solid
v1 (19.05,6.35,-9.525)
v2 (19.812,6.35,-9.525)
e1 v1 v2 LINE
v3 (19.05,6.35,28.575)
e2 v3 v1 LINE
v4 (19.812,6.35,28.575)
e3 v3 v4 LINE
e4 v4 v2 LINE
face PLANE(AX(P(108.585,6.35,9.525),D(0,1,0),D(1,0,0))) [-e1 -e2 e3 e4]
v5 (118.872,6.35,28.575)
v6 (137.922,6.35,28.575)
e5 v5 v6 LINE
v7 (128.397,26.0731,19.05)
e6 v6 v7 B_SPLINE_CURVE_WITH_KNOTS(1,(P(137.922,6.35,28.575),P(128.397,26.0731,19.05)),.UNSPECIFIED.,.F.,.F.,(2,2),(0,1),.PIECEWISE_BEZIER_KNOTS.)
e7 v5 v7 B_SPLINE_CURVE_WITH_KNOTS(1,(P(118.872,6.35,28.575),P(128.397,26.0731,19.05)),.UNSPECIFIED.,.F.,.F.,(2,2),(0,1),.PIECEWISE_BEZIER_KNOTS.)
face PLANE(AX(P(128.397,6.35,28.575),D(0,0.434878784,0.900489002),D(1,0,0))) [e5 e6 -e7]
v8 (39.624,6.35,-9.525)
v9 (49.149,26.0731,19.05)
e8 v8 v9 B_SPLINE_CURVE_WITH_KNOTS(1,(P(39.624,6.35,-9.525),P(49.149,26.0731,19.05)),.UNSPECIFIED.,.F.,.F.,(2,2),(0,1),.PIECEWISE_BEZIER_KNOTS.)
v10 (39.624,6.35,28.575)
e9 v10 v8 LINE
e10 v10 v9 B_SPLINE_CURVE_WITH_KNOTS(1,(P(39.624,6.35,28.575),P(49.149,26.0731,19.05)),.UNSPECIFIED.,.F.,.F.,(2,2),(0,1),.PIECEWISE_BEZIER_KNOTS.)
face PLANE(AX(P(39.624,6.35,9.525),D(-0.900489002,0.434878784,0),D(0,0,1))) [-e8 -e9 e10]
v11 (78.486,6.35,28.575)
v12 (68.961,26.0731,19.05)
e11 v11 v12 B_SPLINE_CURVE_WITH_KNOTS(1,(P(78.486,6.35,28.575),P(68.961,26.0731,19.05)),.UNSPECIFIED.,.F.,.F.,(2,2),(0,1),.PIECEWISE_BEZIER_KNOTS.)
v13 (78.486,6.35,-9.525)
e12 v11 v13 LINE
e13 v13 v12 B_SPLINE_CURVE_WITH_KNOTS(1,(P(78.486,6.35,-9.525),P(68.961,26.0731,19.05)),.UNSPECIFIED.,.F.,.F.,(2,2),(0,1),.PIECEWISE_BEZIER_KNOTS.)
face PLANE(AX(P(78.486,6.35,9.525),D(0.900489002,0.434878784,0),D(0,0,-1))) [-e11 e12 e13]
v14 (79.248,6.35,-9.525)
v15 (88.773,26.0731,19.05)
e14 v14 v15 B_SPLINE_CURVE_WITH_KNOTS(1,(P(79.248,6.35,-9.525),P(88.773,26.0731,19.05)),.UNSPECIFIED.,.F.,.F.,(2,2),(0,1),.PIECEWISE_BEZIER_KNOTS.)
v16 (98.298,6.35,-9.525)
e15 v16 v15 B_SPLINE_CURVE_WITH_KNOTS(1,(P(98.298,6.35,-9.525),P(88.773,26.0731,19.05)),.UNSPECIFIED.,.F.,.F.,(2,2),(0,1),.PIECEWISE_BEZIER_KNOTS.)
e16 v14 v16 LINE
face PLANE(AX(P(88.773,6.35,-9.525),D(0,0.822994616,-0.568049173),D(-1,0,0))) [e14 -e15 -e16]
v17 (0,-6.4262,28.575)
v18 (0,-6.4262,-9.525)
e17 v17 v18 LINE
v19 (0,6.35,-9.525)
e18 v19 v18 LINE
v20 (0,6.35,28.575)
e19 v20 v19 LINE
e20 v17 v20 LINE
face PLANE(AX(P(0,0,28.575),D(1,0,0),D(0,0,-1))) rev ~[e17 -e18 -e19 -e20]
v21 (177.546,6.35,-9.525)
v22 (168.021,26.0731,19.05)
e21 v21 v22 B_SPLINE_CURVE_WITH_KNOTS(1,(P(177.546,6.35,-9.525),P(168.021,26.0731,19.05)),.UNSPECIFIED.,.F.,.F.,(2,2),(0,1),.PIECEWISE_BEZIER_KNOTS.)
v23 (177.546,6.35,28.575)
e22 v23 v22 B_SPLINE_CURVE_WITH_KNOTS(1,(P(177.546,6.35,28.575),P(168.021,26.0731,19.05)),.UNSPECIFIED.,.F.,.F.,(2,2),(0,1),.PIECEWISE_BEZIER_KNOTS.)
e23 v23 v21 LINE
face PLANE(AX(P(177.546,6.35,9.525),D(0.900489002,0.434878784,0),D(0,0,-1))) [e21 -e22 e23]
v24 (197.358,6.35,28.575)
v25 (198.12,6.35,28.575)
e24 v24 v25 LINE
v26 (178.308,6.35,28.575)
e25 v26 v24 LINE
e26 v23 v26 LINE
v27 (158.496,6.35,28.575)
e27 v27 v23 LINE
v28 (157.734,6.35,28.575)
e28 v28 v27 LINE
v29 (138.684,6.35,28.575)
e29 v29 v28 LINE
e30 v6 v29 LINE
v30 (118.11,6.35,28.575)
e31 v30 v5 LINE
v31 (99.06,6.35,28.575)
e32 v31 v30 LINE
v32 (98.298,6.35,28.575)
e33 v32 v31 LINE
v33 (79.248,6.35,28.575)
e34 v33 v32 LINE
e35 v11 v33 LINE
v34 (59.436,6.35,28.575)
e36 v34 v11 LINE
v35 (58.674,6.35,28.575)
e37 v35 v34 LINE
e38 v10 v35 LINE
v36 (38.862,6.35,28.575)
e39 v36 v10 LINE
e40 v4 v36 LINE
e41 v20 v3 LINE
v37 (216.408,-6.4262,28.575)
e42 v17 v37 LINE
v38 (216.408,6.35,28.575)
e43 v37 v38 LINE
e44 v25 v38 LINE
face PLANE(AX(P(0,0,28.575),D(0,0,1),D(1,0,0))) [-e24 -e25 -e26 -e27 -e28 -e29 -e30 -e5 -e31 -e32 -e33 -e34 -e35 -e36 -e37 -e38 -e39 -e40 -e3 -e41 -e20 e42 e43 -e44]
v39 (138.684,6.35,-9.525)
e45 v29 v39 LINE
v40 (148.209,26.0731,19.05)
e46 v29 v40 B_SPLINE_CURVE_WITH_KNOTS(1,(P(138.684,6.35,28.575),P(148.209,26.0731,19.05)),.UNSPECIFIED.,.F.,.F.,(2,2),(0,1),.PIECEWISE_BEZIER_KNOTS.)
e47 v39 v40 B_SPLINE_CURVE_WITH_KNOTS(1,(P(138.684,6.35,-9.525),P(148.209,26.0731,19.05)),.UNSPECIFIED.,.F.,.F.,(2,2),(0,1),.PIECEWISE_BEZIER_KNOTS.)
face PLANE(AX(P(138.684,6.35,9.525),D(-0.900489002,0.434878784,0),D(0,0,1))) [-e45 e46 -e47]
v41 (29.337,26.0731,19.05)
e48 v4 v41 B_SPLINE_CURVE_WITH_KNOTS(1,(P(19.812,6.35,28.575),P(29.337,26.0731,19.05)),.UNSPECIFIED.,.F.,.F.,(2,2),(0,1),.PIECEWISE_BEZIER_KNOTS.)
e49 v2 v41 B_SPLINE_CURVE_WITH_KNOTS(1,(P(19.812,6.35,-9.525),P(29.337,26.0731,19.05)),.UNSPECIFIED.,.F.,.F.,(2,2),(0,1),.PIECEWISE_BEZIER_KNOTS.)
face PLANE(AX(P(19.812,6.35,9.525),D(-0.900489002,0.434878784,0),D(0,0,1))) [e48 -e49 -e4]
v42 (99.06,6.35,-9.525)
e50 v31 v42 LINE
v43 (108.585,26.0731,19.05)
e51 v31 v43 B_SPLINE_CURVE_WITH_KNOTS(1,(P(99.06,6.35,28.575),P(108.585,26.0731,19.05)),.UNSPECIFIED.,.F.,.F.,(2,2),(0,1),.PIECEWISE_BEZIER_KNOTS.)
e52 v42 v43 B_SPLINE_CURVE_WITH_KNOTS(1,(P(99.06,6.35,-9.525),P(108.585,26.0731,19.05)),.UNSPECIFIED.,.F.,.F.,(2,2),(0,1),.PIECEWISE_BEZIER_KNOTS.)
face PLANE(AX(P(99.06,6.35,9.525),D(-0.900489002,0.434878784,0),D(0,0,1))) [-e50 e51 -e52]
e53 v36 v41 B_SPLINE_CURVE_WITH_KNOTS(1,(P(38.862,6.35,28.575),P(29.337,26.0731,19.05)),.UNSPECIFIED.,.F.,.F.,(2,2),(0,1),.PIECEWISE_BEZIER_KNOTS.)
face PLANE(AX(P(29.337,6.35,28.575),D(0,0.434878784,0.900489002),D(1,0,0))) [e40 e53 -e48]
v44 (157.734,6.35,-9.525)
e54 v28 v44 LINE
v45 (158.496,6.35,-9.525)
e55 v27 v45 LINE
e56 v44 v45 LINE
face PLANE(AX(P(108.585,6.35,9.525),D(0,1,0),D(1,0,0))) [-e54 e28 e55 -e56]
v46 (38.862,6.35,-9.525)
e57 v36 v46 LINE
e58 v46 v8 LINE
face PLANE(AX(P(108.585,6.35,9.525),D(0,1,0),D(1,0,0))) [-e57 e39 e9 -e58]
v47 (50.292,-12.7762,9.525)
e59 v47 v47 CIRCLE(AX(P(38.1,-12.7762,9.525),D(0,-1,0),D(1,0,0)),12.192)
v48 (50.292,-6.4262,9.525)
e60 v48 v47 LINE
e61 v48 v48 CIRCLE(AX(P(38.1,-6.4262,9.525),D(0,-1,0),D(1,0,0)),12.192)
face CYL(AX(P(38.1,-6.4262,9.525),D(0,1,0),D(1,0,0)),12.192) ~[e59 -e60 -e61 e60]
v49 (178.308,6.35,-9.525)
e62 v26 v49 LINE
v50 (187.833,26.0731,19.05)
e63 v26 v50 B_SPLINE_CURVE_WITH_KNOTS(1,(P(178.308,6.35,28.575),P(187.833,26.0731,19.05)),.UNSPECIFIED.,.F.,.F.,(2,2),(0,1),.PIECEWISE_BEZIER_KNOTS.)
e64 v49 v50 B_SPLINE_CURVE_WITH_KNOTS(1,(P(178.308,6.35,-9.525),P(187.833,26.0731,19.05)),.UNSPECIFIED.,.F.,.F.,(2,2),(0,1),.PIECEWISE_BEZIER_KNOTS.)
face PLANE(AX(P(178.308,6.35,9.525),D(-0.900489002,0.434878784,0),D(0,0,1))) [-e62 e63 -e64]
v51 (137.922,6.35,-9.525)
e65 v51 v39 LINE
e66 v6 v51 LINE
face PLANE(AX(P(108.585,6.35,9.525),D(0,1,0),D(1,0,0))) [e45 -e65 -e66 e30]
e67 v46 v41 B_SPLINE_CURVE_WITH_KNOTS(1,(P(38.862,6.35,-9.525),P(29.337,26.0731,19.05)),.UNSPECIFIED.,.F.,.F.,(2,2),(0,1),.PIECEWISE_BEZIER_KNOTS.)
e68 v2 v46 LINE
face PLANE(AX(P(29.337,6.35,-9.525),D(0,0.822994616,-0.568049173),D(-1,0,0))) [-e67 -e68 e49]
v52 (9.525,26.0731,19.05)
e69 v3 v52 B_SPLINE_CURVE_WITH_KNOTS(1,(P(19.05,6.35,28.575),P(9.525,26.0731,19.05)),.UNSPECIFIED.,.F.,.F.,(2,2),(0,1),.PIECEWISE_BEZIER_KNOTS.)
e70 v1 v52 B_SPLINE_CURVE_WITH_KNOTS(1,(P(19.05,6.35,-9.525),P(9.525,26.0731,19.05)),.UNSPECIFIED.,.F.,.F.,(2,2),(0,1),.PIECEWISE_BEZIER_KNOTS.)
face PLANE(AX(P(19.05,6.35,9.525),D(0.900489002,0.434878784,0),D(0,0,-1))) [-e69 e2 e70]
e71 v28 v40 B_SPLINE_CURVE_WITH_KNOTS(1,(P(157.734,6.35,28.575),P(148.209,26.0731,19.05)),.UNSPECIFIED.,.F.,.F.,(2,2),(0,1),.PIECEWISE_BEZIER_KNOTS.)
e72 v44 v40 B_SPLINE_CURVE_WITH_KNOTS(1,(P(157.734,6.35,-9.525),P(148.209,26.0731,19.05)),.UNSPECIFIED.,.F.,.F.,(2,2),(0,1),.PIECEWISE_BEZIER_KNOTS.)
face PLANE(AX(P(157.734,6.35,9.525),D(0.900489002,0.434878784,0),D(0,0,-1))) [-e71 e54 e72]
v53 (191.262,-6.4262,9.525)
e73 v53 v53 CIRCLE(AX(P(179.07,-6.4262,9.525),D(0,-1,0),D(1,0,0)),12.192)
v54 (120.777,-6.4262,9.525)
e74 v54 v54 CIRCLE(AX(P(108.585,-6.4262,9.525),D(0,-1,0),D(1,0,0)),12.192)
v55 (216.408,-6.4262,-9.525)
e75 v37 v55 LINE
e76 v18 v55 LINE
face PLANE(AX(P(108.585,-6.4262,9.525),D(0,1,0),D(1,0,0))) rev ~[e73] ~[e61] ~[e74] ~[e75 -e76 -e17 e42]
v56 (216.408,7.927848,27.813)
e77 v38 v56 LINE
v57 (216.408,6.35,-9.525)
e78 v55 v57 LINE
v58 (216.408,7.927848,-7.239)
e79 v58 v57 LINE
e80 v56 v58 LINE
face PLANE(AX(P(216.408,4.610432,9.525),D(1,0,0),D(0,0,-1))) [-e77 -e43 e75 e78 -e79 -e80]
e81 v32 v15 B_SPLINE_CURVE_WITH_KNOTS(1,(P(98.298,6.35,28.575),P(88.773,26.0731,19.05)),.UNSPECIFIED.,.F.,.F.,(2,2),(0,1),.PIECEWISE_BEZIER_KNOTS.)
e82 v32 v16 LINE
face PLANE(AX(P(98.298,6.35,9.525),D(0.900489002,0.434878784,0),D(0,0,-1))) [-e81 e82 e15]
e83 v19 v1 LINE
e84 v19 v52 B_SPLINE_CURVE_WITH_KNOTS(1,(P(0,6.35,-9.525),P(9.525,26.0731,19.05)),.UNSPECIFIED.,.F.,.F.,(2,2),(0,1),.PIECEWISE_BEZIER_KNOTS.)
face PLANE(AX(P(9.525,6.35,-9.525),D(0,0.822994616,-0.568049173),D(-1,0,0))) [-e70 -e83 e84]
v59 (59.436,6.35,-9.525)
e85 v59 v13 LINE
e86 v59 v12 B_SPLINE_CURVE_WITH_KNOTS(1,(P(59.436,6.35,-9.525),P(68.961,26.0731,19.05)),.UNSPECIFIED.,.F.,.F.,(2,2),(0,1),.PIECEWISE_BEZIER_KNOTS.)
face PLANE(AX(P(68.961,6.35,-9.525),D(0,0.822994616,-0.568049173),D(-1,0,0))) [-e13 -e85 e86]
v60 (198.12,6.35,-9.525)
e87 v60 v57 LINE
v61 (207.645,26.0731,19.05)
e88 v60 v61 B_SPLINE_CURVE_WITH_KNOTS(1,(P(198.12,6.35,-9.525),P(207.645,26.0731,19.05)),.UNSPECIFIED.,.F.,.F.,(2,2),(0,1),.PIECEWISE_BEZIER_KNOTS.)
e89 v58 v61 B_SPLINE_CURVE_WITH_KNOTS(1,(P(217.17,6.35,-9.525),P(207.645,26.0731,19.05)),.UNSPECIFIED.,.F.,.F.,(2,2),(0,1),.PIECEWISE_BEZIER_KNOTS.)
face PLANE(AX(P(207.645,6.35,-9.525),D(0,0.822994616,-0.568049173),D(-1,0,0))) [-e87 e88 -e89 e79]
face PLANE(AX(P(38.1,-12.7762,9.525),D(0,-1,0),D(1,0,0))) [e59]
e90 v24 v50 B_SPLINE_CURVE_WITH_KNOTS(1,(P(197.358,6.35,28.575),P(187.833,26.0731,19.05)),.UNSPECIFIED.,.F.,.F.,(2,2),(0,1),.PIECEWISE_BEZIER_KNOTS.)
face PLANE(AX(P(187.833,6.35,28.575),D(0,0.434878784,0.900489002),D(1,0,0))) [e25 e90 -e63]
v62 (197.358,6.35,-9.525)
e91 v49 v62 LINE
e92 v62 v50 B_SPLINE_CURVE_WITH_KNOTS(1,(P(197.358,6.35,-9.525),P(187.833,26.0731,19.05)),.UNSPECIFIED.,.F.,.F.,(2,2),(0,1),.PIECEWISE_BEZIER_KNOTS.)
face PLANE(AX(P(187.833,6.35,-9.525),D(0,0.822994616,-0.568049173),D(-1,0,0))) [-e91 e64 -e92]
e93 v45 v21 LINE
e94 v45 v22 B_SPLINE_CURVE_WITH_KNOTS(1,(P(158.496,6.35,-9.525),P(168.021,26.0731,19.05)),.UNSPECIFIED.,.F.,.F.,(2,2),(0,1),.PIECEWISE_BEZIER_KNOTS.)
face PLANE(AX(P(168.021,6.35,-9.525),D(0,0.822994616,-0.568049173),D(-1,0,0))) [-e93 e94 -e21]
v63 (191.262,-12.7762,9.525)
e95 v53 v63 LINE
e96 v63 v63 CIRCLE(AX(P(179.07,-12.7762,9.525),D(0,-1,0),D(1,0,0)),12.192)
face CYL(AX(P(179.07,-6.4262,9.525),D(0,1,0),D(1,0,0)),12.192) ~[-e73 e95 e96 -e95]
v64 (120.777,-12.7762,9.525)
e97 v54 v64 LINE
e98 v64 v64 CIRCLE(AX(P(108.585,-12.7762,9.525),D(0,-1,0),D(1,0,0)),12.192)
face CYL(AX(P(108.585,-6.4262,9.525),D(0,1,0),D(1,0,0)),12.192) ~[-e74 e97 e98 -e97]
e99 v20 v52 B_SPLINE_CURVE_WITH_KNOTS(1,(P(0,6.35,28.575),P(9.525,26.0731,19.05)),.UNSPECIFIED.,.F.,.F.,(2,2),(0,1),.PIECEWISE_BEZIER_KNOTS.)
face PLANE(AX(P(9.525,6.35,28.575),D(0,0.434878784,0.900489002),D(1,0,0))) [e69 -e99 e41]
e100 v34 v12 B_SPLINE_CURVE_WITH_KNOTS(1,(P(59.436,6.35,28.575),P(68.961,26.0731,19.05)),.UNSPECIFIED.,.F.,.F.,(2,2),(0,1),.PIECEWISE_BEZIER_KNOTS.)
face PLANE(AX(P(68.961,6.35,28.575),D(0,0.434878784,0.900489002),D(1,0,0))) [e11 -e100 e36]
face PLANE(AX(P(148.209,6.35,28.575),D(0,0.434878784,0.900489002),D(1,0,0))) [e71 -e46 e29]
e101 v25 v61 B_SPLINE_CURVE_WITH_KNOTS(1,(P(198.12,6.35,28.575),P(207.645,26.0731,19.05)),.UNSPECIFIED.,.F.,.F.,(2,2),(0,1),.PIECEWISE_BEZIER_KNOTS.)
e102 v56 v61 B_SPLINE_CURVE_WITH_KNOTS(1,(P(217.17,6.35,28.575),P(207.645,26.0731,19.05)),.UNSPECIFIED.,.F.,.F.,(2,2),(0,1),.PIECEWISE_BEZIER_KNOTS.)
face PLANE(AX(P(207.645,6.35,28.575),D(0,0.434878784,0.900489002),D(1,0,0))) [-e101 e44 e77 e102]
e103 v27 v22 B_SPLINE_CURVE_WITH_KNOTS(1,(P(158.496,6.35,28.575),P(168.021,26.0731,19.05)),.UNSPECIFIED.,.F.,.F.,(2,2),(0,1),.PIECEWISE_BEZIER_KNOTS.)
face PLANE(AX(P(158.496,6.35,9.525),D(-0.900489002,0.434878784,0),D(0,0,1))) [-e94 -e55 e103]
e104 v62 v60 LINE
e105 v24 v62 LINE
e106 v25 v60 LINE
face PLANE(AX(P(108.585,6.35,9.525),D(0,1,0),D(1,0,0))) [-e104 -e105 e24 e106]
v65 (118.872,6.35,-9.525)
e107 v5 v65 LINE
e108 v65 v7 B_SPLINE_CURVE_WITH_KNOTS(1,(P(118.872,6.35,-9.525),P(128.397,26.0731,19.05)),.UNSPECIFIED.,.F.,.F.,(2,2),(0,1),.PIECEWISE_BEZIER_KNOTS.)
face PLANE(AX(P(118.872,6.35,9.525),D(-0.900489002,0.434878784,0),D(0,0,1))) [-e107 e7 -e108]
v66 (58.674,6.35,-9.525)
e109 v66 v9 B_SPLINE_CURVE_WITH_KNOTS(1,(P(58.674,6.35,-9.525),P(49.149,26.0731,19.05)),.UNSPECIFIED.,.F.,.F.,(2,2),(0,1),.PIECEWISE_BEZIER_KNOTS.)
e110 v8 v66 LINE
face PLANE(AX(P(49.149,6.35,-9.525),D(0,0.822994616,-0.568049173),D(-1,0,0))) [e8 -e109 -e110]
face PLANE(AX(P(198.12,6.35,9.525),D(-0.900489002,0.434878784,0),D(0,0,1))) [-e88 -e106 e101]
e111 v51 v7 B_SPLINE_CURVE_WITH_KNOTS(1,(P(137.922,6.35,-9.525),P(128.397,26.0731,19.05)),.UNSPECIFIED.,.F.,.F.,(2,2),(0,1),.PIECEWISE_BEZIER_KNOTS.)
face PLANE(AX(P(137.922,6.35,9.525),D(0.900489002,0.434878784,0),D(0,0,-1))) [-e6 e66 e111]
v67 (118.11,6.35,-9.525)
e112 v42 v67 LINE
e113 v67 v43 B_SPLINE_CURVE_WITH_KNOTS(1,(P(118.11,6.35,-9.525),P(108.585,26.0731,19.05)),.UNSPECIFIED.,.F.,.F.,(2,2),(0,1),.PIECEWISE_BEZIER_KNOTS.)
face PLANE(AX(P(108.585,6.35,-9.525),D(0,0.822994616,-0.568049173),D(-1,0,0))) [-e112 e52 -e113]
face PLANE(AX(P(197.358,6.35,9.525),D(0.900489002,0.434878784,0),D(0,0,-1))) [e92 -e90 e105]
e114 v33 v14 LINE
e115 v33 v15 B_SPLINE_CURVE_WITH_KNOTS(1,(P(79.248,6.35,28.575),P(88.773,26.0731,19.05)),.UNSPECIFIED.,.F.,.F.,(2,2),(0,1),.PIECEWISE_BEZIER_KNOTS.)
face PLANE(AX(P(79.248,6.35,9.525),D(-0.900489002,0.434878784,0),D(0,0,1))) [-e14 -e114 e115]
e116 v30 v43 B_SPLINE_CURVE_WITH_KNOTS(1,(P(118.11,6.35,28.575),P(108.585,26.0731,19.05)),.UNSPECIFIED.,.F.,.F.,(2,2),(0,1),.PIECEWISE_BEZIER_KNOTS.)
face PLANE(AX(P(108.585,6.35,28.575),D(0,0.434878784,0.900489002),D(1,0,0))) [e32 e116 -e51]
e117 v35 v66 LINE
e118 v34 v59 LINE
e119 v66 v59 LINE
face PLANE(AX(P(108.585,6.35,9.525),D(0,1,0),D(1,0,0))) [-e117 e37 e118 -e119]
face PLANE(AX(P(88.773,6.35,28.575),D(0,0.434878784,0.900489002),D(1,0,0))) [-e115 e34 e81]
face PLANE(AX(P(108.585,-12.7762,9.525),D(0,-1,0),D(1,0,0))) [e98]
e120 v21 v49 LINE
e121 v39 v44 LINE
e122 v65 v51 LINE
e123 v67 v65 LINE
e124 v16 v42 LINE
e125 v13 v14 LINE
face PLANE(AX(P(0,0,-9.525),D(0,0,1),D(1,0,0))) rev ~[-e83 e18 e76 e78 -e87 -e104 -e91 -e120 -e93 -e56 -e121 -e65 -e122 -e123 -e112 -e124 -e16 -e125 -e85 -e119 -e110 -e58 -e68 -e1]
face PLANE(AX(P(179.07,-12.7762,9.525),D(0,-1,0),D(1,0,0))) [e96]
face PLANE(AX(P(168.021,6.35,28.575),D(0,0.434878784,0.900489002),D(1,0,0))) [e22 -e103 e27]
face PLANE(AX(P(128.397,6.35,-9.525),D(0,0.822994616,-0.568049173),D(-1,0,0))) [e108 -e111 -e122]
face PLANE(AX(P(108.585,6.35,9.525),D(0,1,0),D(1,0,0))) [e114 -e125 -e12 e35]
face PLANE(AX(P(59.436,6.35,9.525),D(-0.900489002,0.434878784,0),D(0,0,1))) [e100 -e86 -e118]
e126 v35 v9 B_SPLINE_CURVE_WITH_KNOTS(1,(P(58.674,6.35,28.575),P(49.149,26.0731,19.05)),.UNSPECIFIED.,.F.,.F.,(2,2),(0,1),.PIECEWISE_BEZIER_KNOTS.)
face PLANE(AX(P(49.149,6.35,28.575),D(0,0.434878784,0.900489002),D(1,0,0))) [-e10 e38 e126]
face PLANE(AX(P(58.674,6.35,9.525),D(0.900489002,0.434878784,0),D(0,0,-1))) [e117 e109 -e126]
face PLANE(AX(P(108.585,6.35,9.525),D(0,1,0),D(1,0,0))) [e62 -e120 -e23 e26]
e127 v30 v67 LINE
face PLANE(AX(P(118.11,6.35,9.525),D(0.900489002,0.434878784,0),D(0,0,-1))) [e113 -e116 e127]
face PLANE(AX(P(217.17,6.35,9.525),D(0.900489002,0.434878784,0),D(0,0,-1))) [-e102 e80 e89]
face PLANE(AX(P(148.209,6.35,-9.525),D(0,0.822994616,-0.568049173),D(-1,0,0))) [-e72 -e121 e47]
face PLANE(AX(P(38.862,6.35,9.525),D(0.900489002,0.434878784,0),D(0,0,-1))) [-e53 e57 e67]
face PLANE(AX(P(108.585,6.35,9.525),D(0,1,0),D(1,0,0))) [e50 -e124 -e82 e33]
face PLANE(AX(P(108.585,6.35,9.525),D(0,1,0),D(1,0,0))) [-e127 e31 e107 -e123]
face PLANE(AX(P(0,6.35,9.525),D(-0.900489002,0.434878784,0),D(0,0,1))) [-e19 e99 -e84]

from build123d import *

# Parameters (mm, degrees)
SKETCH1_W           = 19.05
SKETCH1_H           = 19.05
BOSS_EXTRUDE2_DEPTH = 6.35
SKETCH8_W           = 217.17
SKETCH8_H           = 38.1
BOSS_EXTRUDE4_DEPTH = 6.35
SKETCH8_5_W         = 217.17
SKETCH8_5_H         = 38.1
BOSS_EXTRUDE5_DEPTH = 6.4262
LPATTERN3_COUNT     = 11
LPATTERN3_PITCH     = 19.812
SKETCH15_R          = 12.192
BOSS_EXTRUDE6_DEPTH = 6.35
SKETCH16_W          = 38.1
SKETCH16_H          = 22.073264639
CUT_EXTRUDE1_DEPTH  = 3.302


with BuildPart() as part:
    # Sketch1 → Boss-Extrude2 (new body)
    with BuildSketch(Plane(origin=(0, 0, 0), x_dir=(1, 0, 0), z_dir=(0, 1, 0))):
        with Locations((9.525, -9.525)):
            Rectangle(SKETCH1_W, SKETCH1_H)
    extrude(amount=BOSS_EXTRUDE2_DEPTH)

    # Sketch8 → Boss-Extrude4 (add)
    with BuildSketch(Plane(origin=(0, 0, 0), x_dir=(1, 0, 0), z_dir=(0, 1, 0))):
        with Locations((108.585, -9.525)):
            Rectangle(SKETCH8_W, SKETCH8_H)
    extrude(amount=BOSS_EXTRUDE4_DEPTH)

    # Sketch8<5> → Boss-Extrude5 (add)
    with BuildSketch(Plane(origin=(0, 0, 0), x_dir=(1, 0, 0), z_dir=(0, 1, 0))):
        with Locations((108.585, -9.525)):
            Rectangle(SKETCH8_5_W, SKETCH8_5_H)
    extrude(amount=-BOSS_EXTRUDE5_DEPTH)

    # Sketch9 → Loft3 section 0
    with BuildSketch(Plane(origin=(0, 6.35, 0), x_dir=(1, 0, 0), z_dir=(0, 1, 0)), mode=Mode.PRIVATE) as loft3_s0:
        with BuildLine():
            Line((0, 9.525), (19.05, 9.525))
            Line((19.05, 9.525), (19.05, -28.575))
            Line((19.05, -28.575), (0, -28.575))
            Line((0, -28.575), (0, 9.525))
        make_face()
    loft3 = loft([loft3_s0.sketch, Vertex(9.525, 26.0731, 19.05)])

    # LPattern3: Loft3 ×11
    with Locations(*[(i * LPATTERN3_PITCH, 0, 0) for i in range(1, LPATTERN3_COUNT)]):
        add(loft3)

    # Sketch15 → Boss-Extrude6 (add)
    with BuildSketch(Plane.XZ.offset(6.4262)):
        with Locations((179.07, 9.525)):
            Circle(SKETCH15_R)
        with Locations((38.1, 9.525)):
            Circle(SKETCH15_R)
        with Locations((108.585, 9.525)):
            Circle(SKETCH15_R)
    extrude(amount=BOSS_EXTRUDE6_DEPTH)

    # Sketch16 → Cut-Extrude1 (cut)
    with BuildSketch(Plane(origin=(219.71, 0, 0), x_dir=(0, 0, -1), z_dir=(1, 0, 0))):
        with Locations((-9.525, 4.61043232)):
            Rectangle(SKETCH16_W, SKETCH16_H)
    extrude(amount=-CUT_EXTRUDE1_DEPTH, mode=Mode.SUBTRACT)


solid = part.part
